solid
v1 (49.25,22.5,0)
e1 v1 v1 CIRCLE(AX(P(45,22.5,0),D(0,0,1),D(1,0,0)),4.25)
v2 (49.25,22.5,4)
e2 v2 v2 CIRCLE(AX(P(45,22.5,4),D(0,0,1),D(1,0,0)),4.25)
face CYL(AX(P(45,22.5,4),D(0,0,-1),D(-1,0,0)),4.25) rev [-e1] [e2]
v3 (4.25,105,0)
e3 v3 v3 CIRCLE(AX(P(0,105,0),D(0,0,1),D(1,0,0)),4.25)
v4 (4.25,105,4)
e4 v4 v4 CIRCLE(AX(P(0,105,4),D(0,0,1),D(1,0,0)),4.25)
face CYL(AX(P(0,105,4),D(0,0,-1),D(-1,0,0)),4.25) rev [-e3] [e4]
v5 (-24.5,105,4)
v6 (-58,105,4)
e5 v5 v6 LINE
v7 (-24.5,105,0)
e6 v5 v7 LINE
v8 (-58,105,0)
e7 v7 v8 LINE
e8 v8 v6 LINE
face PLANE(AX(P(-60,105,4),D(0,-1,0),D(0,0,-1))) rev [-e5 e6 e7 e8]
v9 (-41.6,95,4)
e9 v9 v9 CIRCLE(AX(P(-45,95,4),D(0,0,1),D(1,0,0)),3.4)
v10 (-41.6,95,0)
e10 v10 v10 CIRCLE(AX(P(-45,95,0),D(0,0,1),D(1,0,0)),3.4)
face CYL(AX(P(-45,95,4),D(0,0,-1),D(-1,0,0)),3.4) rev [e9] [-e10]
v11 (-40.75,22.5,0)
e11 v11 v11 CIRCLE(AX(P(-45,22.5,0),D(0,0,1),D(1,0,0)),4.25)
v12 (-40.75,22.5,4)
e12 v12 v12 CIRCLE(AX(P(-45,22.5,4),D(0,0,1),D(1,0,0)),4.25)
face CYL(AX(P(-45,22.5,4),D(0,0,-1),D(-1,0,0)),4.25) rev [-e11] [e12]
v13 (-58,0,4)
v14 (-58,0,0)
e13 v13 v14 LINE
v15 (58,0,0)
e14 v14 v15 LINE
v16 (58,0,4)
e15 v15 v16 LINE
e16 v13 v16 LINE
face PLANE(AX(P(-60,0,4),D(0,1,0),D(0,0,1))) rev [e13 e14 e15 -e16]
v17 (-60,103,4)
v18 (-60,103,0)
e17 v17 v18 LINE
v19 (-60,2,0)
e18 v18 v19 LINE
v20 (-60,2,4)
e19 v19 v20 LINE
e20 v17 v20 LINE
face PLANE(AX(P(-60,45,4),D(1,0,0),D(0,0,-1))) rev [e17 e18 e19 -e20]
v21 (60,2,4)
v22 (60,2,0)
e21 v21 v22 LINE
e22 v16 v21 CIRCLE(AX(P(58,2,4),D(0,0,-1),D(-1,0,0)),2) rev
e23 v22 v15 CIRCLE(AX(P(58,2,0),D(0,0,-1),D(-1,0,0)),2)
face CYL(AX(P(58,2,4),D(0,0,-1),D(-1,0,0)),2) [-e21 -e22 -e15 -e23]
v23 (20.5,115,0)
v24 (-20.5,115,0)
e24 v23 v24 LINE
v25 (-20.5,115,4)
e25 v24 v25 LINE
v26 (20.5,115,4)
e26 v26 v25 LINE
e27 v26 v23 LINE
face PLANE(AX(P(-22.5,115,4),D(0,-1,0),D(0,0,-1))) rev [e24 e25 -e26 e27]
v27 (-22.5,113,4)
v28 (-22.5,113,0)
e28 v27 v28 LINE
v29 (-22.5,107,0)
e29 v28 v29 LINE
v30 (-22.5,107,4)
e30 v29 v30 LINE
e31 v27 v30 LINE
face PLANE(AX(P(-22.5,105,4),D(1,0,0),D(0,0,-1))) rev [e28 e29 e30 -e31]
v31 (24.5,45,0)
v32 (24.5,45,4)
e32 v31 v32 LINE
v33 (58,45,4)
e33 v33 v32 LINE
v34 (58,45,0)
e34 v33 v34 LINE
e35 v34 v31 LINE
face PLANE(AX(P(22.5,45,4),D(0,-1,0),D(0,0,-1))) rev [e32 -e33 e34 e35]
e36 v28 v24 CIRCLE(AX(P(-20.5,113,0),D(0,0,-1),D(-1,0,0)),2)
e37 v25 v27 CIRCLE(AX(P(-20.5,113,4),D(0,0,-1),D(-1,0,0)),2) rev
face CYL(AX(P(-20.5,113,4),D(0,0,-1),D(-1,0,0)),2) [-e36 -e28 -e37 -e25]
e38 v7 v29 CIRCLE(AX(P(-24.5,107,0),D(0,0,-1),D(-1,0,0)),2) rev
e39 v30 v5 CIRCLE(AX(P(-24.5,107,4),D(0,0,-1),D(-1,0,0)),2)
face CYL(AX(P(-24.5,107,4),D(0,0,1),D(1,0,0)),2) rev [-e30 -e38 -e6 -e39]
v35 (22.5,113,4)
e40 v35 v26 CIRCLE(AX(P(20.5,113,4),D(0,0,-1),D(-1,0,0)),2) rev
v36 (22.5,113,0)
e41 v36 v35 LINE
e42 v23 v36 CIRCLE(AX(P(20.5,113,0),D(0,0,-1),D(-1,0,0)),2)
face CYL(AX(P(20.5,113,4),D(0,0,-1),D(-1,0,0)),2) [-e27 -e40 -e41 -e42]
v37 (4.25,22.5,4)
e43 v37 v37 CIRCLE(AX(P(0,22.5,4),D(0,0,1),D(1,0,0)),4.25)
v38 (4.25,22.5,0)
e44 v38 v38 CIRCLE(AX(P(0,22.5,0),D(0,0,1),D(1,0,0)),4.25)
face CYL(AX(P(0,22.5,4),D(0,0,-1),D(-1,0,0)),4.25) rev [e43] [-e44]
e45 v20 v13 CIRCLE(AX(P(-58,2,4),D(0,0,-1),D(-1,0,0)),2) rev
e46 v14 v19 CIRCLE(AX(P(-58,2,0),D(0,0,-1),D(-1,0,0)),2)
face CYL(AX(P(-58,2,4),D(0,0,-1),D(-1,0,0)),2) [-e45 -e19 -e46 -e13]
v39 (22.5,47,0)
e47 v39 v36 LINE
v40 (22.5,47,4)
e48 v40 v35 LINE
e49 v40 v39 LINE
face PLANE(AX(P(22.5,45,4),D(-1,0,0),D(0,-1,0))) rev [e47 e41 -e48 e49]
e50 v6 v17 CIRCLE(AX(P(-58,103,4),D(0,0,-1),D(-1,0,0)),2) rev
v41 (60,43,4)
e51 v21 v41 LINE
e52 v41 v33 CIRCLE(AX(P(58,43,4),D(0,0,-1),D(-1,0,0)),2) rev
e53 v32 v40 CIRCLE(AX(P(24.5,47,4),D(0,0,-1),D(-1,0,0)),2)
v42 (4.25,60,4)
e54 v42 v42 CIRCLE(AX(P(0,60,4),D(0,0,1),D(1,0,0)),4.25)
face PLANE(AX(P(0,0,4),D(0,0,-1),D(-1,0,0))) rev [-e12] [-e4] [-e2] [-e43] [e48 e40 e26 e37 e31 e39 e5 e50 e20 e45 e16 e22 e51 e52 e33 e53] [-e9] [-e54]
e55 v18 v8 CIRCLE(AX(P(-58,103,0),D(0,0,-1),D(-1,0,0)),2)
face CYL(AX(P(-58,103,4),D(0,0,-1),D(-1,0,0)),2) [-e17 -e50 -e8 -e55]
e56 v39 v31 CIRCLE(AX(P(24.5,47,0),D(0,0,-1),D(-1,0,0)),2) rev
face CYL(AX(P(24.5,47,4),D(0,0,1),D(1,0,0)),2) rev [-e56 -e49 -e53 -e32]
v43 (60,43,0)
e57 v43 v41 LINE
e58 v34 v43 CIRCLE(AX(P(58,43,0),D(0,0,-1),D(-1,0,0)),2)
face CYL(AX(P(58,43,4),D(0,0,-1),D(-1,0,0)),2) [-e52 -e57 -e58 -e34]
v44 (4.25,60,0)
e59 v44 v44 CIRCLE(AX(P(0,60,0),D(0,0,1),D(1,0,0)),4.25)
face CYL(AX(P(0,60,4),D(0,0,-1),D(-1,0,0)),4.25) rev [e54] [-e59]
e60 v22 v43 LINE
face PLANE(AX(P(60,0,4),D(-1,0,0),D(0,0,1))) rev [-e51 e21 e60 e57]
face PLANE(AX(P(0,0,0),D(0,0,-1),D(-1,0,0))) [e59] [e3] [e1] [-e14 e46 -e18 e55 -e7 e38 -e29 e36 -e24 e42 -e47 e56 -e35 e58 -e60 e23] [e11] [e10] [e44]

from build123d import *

# Parameters (mm, degrees)
SKETCH1_R           = 4.25
SKETCH1_R_2         = 3.4
BOSS_EXTRUDE1_DEPTH = 4
FILLET1_R           = 2


with BuildPart() as part:
    # Sketch1 → Boss-Extrude1 (new body)
    with BuildSketch(Plane.XY):
        Polygon((-60, 0), (60, 0), (60, 45), (22.5, 45), (22.5, 115), (-22.5, 115), (-22.5, 105), (-60, 105), (-60, 45), align=None)
        with Locations((0, 22.5)):
            Circle(SKETCH1_R, mode=Mode.SUBTRACT)
        with Locations((-45, 22.5)):
            Circle(SKETCH1_R, mode=Mode.SUBTRACT)
        with Locations((45, 22.5)):
            Circle(SKETCH1_R, mode=Mode.SUBTRACT)
        with Locations((0, 105)):
            Circle(SKETCH1_R, mode=Mode.SUBTRACT)
        with Locations((0, 60)):
            Circle(SKETCH1_R, mode=Mode.SUBTRACT)
        with Locations((-45, 95)):
            Circle(SKETCH1_R_2, mode=Mode.SUBTRACT)
    extrude(amount=BOSS_EXTRUDE1_DEPTH)

    # Fillet1
    fillet1_edges = [part.edges().sort_by_distance(p)[0] for p in [
        (-60, 105, 2),
        (-22.5, 105, 2),
        (-22.5, 115, 2),
        (22.5, 115, 2),
        (22.5, 45, 2),
        (60, 45, 2),
        (60, 0, 2),
        (-60, 0, 2),
    ]]
    fillet(fillet1_edges, radius=FILLET1_R)


solid = part.part
